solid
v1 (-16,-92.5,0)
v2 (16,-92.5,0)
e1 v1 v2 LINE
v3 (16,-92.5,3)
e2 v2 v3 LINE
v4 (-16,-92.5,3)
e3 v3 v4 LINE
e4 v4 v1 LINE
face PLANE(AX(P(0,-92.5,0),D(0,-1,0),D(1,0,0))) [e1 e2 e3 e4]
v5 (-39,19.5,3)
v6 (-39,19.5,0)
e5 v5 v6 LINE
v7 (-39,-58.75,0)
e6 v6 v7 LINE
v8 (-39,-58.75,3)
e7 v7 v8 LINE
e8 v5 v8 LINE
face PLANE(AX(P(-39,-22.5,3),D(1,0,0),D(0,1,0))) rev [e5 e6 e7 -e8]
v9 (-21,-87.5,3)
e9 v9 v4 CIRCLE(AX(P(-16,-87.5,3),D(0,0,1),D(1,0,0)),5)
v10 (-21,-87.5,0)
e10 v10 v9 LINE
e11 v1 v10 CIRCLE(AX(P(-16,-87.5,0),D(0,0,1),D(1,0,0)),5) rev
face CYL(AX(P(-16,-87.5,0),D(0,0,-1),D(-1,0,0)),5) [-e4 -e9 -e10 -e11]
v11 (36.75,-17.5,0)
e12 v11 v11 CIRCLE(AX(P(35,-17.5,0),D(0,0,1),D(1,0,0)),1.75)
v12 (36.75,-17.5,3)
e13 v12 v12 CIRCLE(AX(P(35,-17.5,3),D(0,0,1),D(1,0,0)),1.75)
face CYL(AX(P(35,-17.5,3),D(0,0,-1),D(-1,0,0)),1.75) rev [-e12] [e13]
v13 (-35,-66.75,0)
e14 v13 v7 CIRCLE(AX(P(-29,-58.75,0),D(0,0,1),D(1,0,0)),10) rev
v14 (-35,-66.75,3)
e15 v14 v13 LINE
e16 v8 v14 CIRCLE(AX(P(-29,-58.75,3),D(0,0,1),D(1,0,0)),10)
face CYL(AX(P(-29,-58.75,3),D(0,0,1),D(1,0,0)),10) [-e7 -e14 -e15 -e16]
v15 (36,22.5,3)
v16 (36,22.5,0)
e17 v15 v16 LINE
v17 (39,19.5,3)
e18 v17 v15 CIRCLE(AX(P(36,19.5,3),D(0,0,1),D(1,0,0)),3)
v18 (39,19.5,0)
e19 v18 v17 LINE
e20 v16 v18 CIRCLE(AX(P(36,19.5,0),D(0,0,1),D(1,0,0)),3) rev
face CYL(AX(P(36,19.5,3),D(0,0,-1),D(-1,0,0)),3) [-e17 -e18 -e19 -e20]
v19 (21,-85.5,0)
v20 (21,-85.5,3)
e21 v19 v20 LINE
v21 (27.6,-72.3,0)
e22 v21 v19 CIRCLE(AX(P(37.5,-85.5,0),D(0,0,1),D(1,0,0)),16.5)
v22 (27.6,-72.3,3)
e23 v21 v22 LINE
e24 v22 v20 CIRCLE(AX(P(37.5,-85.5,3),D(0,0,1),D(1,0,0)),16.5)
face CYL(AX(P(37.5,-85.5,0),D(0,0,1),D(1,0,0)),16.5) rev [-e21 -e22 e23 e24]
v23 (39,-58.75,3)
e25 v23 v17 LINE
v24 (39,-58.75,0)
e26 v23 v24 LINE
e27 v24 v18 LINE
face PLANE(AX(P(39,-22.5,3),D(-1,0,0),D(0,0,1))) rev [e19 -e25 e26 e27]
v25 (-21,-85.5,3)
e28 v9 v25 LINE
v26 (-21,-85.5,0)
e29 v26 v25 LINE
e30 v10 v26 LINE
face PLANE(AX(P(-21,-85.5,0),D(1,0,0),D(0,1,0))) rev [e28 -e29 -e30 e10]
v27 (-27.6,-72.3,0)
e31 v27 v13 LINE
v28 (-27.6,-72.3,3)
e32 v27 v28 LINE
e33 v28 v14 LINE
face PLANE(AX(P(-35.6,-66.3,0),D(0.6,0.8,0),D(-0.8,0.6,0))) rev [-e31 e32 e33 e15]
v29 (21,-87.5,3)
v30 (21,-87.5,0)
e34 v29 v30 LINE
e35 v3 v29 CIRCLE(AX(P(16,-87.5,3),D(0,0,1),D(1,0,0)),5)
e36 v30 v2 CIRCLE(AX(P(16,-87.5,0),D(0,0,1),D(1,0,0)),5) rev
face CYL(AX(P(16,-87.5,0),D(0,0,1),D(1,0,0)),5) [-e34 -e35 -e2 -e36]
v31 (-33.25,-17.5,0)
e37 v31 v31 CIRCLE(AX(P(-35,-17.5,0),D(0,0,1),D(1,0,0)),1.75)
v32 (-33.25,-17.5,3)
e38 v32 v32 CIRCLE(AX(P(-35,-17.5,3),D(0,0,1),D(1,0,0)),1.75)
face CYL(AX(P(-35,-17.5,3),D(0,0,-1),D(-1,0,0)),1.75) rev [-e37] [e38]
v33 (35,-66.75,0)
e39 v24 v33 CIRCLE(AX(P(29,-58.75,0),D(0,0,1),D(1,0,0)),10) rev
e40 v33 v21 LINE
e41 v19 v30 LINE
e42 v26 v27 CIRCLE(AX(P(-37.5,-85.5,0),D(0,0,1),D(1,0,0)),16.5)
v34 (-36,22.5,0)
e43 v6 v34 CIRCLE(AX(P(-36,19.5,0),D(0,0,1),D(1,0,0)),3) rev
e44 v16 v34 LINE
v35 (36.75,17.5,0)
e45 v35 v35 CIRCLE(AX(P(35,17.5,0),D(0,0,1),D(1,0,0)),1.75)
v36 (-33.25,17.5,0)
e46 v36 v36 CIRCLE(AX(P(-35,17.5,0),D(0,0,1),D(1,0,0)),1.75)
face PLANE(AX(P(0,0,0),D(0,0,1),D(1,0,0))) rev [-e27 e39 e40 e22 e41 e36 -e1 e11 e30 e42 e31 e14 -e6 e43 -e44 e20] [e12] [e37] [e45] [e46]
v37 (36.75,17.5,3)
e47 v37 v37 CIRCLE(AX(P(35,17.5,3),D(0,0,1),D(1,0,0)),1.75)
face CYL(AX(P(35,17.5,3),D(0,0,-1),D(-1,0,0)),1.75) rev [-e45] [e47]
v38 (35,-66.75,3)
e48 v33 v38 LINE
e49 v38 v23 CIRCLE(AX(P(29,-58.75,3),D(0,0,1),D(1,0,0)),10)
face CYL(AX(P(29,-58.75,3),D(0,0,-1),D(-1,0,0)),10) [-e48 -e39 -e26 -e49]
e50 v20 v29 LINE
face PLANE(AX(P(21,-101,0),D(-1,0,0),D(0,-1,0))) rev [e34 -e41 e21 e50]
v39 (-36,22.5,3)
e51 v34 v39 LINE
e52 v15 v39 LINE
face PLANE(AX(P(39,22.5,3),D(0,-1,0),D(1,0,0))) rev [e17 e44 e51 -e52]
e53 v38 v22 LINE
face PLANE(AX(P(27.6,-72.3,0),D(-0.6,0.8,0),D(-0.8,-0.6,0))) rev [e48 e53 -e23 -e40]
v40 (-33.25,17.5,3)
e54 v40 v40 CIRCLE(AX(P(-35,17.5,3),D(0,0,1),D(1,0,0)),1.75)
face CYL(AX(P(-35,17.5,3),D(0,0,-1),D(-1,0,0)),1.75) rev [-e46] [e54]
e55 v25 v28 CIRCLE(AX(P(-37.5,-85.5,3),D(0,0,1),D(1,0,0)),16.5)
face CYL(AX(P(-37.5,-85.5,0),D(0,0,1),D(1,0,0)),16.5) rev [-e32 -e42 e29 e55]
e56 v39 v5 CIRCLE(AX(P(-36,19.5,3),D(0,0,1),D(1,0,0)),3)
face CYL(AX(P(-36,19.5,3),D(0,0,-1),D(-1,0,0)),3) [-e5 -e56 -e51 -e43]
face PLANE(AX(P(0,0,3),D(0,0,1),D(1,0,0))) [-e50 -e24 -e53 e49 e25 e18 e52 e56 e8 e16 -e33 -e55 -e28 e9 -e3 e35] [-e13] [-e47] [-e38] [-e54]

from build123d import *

# Parameters (mm, degrees)
SKETCH1_W           = 78
SKETCH1_H           = 45
SKETCH1_R           = 1.75
BOSS_EXTRUDE1_DEPTH = 3
SKETCH2_W           = 78
SKETCH2_H           = 3
BOSS_EXTRUDE2_DEPTH = 70
CUT_EXTRUDE1_DEPTH  = 101.430324106
FILLET1_R           = 5
FILLET2_R           = 10
FILLET3_R           = 3


with BuildPart() as part:
    # Sketch1 → Boss-Extrude1 (new body)
    with BuildSketch(Plane.XY):
        Rectangle(SKETCH1_W, SKETCH1_H)
        with Locations((-35, 17.5)):
            Circle(SKETCH1_R, mode=Mode.SUBTRACT)
        with Locations((35, 17.5)):
            Circle(SKETCH1_R, mode=Mode.SUBTRACT)
        with Locations((35, -17.5)):
            Circle(SKETCH1_R, mode=Mode.SUBTRACT)
        with Locations((-35, -17.5)):
            Circle(SKETCH1_R, mode=Mode.SUBTRACT)
    extrude(amount=BOSS_EXTRUDE1_DEPTH)

    # Sketch2 → Boss-Extrude2 (add)
    with BuildSketch(Plane.XZ.offset(22.5)):
        with Locations((0, 1.5)):
            Rectangle(SKETCH2_W, SKETCH2_H)
    extrude(amount=BOSS_EXTRUDE2_DEPTH)

    # Sketch3 → Cut-Extrude1 (cut, through all)
    with BuildSketch(Plane.XY.offset(3)):
        with BuildLine():
            Line((41, -36.924564207), (91.469533364, -36.924564207))
            Line((91.469533364, -36.924564207), (78.54293296, -118.649611561))
            Line((78.54293296, -118.649611561), (-67.027042434, -120.25516276))
            Line((-67.027042434, -120.25516276), (-84.509711048, -42.475126887))
            Line((-84.509711048, -42.475126887), (-81.655397805, -36.924564207))
            Line((-81.655397805, -36.924564207), (-41, -36.924564207))
            Line((-41, -36.924564207), (-41, -55.5))
            ThreePointArc((-41, -55.5), (-39.574767078, -61.537383539), (-35.6, -66.3))
            Line((-35.6, -66.3), (-27.6, -72.3))
            ThreePointArc((-27.6, -72.3), (-22.741951349, -78.120975674), (-21, -85.5))
            Line((-21, -85.5), (-21, -101))
            ThreePointArc((-21, -101), (-19.389087297, -104.889087297), (-15.5, -106.5))
            Line((-15.5, -106.5), (15.5, -106.5))
            ThreePointArc((15.5, -106.5), (19.389087297, -104.889087297), (21, -101))
            Line((21, -101), (21, -85.5))
            ThreePointArc((21, -85.5), (22.741951349, -78.120975674), (27.6, -72.3))
            Line((27.6, -72.3), (35.6, -66.3))
            ThreePointArc((35.6, -66.3), (39.574767078, -61.537383539), (41, -55.5))
            Line((41, -55.5), (41, -36.924564207))
        make_face()
    extrude(amount=-CUT_EXTRUDE1_DEPTH, mode=Mode.SUBTRACT)

    # Fillet1
    fillet1_edges = [part.edges().sort_by_distance(p)[0] for p in [
        (21, -92.5, 1.5),
        (-21, -92.5, 1.5),
    ]]
    fillet(fillet1_edges, radius=FILLET1_R)

    # Fillet2
    fillet2_edges = [part.edges().sort_by_distance(p)[0] for p in [
        (39, -62.571067812, 1.5),
        (-39, -62.571067812, 1.5),
    ]]
    fillet(fillet2_edges, radius=FILLET2_R)

    # Fillet3
    fillet3_edges = [part.edges().sort_by_distance(p)[0] for p in [
        (-39, 22.5, 1.5),
        (39, 22.5, 1.5),
    ]]
    fillet(fillet3_edges, radius=FILLET3_R)


solid = part.part
